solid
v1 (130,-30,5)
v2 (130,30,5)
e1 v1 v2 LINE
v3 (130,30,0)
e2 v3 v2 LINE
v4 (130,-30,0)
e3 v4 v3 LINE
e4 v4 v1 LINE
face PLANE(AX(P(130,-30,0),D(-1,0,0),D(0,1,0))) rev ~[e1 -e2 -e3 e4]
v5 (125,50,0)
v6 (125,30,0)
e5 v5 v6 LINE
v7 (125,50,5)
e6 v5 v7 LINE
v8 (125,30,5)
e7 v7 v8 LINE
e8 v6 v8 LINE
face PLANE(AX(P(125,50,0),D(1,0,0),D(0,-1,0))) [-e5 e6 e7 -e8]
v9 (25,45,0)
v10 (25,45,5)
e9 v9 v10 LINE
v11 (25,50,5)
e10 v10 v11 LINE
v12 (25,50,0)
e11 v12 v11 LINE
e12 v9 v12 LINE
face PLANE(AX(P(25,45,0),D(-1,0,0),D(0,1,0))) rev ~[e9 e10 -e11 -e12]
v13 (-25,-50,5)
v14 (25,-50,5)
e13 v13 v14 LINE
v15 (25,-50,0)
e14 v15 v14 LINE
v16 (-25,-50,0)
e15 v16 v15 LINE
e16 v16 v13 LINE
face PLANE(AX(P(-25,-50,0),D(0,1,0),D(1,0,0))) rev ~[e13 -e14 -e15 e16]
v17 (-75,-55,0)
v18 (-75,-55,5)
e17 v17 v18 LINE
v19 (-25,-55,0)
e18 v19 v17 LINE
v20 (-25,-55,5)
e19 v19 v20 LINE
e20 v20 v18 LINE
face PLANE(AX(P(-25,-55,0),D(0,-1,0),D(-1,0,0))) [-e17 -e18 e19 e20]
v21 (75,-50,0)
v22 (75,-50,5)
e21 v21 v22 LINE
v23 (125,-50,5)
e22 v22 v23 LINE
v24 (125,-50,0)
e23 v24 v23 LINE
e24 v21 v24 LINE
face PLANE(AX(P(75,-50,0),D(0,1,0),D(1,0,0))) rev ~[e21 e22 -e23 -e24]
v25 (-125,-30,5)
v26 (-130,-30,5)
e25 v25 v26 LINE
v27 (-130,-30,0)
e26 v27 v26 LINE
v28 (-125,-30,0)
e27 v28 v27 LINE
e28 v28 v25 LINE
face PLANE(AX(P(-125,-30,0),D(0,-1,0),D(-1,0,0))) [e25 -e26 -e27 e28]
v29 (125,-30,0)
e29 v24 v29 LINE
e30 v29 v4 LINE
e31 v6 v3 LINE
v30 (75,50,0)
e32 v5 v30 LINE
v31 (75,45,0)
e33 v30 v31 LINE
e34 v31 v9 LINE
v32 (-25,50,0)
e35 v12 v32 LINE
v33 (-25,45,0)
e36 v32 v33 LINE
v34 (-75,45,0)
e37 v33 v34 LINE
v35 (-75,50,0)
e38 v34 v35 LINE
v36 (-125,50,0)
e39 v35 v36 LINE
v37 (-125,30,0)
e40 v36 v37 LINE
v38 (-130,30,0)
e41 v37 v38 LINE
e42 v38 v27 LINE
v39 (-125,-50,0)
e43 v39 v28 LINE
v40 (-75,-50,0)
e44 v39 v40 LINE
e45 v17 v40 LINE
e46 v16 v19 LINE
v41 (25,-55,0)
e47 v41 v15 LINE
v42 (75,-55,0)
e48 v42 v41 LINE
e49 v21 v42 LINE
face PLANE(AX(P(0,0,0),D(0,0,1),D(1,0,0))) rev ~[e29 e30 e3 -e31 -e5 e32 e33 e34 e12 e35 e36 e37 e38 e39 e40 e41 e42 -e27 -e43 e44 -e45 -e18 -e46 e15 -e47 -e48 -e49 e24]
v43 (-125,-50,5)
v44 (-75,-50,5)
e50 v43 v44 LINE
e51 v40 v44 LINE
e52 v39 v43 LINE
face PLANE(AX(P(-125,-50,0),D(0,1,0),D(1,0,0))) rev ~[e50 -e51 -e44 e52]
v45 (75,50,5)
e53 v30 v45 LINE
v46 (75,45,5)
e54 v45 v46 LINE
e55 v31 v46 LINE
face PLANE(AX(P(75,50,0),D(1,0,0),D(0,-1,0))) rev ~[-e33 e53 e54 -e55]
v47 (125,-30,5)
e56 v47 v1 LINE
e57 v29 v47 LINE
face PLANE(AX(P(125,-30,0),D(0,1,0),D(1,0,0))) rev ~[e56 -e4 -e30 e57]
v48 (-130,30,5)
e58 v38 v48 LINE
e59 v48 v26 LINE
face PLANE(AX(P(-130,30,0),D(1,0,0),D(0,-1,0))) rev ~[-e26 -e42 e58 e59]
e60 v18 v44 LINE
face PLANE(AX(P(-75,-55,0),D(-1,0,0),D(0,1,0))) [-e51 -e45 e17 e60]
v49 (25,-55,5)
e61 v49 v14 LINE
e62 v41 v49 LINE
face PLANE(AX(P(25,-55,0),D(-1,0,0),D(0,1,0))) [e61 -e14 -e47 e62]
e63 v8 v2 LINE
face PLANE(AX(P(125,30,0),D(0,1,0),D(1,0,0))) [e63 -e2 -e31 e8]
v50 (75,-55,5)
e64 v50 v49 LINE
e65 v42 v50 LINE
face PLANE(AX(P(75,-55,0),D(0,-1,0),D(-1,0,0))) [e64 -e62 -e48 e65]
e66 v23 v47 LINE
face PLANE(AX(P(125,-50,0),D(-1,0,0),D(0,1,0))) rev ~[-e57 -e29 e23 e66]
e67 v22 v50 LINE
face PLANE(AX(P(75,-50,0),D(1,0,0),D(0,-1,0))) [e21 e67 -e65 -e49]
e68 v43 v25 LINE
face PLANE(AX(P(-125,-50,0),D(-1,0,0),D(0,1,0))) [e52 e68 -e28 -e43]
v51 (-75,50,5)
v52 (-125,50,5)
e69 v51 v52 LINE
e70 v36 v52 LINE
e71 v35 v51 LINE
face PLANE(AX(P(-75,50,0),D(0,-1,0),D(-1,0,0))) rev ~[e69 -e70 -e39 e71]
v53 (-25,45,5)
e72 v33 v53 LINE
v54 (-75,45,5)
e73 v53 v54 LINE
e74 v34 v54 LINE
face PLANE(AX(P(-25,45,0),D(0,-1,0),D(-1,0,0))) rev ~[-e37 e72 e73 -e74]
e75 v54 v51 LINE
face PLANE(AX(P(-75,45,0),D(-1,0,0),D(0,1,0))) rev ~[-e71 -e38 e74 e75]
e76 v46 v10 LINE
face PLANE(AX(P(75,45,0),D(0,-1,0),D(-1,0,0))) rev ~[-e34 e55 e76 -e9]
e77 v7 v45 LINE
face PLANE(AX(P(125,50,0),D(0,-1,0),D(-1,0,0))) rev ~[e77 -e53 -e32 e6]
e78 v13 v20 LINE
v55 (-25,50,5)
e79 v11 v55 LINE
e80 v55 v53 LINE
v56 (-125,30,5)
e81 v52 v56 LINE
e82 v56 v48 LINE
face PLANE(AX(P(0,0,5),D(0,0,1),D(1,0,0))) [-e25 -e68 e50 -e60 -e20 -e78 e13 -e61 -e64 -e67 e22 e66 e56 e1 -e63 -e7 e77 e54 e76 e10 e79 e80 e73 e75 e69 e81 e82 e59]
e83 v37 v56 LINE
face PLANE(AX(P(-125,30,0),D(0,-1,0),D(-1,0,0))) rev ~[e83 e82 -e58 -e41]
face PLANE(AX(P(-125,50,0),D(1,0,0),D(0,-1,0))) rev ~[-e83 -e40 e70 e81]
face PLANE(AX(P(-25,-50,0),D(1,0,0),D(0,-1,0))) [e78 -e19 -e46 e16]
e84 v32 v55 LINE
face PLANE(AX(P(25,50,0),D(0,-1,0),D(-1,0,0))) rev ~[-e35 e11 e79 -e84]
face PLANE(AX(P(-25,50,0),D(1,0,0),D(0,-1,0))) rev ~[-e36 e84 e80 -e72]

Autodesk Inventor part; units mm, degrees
ref_plane "YZ Plane" through (0, 0, 0) normal (1, 0, 0) x (0, 1, 0)
ref_plane "XZ Plane" through (0, 0, 0) normal (0, 1, 0) x (-1, 0, 0)
ref_plane "XY Plane" through (0, 0, 0) normal (0, 0, 1) x (1, 0, 0)
sketch "Sketch1" plane through (0, 0, 0) normal (0, 0, 1) x (1, 0, 0)
  line L0 (-130, -50) -> (130, -50)
  line L1 (130, -50) -> (130, 50)
  line L2 (130, 50) -> (-130, 50)
  line L3 (-130, 50) -> (-130, -50)
  line L4 (-130, -50) -> (130, 50) construction
  line L5 (130, -50) -> (-130, 50) construction
  line L6 (-75, -50) -> (-25, -50)
  line L7 (-25, -50) -> (-25, -55)
  line L8 (-25, -55) -> (-75, -55)
  line L9 (-75, -55) -> (-75, -50)
  line L10 (25, -50) -> (75, -50)
  line L11 (75, -50) -> (75, -55)
  line L12 (75, -55) -> (25, -55)
  line L13 (25, -55) -> (25, -50)
  line L14 (130, 50) -> (125, 50)
  line L15 (125, 50) -> (125, 30)
  line L16 (125, 30) -> (130, 30)
  line L17 (130, 30) -> (130, 50)
  line L18 (130, -50) -> (125, -50)
  line L19 (125, -50) -> (125, -30)
  line L20 (125, -30) -> (130, -30)
  line L21 (130, -30) -> (130, -50)
  line L22 (0, 50) -> (0, -50) construction
  line L23 (-125, 50) -> (-125, 30)
  line L24 (-125, 30) -> (-130, 30)
  line L25 (-125, -50) -> (-125, -30)
  line L26 (-125, -30) -> (-130, -30)
  line L27 (-75, 50) -> (-25, 50)
  line L28 (-25, 50) -> (-25, 45)
  line L29 (-25, 45) -> (-75, 45)
  line L30 (-75, 45) -> (-75, 50)
  line L31 (25, 50) -> (75, 50)
  line L32 (75, 50) -> (75, 45)
  line L33 (75, 45) -> (25, 45)
  line L34 (25, 45) -> (25, 50)
  point P0 (0, 0)
  point P1 (-75, -52.5)
  point P2 (-25, -50)
  point P3 (75, -50)
  point P4 (-125, -50)
  point P5 (130, -30)
  point P6 (130, 30)
  point P7 (125, 50)
  point P8 (-125, 50)
  point P9 (-130, 30)
  point P10 (75, 50)
  point P11 (-25, 50)
  dimension "d0" = 260
  dimension "d1" = 100
  dimension "d2" = 50
  dimension "d3" = 50
  dimension "d4" = 50
  dimension "d5" = 55
  dimension "d6" = 5
  dimension "d10" = 20
  dimension "d12" = 5
  dimension "d13" = 50
  dimension "d14" = 50
  dimension "d15" = 5
  dimension "d16" = 20
extrude "Extrusion1" add sketch "Sketch1" along normal blind 5 contours L25 L26 L3 L24 L23 L2 L30 L29 L28 L34 L33 L32 L15 L16 L1 L20 L19 L0 | L0 L7 L8 L9 | L0 L11 L12 L13
equation "\"BendRadius\" = Thickness"
equation "\"BendReliefWidth\" = Thickness"
equation "\"BendReliefDepth\" = 0.5 * Thickness"
equation "\"CornerReliefSize\" = 4 * Thickness"
equation "\"MinimumRemnant\" = 2 * Thickness"
equation "\"TransitionRadius\" = BendRadius"
equation "\"JacobiRadiusSize\" = BendRadius"
equation "\"GapSize\" = Thickness"
equation "\"Thickness\" = 3.048"
properties part number "Lat1(2)" material "Wood (Cherry)"
